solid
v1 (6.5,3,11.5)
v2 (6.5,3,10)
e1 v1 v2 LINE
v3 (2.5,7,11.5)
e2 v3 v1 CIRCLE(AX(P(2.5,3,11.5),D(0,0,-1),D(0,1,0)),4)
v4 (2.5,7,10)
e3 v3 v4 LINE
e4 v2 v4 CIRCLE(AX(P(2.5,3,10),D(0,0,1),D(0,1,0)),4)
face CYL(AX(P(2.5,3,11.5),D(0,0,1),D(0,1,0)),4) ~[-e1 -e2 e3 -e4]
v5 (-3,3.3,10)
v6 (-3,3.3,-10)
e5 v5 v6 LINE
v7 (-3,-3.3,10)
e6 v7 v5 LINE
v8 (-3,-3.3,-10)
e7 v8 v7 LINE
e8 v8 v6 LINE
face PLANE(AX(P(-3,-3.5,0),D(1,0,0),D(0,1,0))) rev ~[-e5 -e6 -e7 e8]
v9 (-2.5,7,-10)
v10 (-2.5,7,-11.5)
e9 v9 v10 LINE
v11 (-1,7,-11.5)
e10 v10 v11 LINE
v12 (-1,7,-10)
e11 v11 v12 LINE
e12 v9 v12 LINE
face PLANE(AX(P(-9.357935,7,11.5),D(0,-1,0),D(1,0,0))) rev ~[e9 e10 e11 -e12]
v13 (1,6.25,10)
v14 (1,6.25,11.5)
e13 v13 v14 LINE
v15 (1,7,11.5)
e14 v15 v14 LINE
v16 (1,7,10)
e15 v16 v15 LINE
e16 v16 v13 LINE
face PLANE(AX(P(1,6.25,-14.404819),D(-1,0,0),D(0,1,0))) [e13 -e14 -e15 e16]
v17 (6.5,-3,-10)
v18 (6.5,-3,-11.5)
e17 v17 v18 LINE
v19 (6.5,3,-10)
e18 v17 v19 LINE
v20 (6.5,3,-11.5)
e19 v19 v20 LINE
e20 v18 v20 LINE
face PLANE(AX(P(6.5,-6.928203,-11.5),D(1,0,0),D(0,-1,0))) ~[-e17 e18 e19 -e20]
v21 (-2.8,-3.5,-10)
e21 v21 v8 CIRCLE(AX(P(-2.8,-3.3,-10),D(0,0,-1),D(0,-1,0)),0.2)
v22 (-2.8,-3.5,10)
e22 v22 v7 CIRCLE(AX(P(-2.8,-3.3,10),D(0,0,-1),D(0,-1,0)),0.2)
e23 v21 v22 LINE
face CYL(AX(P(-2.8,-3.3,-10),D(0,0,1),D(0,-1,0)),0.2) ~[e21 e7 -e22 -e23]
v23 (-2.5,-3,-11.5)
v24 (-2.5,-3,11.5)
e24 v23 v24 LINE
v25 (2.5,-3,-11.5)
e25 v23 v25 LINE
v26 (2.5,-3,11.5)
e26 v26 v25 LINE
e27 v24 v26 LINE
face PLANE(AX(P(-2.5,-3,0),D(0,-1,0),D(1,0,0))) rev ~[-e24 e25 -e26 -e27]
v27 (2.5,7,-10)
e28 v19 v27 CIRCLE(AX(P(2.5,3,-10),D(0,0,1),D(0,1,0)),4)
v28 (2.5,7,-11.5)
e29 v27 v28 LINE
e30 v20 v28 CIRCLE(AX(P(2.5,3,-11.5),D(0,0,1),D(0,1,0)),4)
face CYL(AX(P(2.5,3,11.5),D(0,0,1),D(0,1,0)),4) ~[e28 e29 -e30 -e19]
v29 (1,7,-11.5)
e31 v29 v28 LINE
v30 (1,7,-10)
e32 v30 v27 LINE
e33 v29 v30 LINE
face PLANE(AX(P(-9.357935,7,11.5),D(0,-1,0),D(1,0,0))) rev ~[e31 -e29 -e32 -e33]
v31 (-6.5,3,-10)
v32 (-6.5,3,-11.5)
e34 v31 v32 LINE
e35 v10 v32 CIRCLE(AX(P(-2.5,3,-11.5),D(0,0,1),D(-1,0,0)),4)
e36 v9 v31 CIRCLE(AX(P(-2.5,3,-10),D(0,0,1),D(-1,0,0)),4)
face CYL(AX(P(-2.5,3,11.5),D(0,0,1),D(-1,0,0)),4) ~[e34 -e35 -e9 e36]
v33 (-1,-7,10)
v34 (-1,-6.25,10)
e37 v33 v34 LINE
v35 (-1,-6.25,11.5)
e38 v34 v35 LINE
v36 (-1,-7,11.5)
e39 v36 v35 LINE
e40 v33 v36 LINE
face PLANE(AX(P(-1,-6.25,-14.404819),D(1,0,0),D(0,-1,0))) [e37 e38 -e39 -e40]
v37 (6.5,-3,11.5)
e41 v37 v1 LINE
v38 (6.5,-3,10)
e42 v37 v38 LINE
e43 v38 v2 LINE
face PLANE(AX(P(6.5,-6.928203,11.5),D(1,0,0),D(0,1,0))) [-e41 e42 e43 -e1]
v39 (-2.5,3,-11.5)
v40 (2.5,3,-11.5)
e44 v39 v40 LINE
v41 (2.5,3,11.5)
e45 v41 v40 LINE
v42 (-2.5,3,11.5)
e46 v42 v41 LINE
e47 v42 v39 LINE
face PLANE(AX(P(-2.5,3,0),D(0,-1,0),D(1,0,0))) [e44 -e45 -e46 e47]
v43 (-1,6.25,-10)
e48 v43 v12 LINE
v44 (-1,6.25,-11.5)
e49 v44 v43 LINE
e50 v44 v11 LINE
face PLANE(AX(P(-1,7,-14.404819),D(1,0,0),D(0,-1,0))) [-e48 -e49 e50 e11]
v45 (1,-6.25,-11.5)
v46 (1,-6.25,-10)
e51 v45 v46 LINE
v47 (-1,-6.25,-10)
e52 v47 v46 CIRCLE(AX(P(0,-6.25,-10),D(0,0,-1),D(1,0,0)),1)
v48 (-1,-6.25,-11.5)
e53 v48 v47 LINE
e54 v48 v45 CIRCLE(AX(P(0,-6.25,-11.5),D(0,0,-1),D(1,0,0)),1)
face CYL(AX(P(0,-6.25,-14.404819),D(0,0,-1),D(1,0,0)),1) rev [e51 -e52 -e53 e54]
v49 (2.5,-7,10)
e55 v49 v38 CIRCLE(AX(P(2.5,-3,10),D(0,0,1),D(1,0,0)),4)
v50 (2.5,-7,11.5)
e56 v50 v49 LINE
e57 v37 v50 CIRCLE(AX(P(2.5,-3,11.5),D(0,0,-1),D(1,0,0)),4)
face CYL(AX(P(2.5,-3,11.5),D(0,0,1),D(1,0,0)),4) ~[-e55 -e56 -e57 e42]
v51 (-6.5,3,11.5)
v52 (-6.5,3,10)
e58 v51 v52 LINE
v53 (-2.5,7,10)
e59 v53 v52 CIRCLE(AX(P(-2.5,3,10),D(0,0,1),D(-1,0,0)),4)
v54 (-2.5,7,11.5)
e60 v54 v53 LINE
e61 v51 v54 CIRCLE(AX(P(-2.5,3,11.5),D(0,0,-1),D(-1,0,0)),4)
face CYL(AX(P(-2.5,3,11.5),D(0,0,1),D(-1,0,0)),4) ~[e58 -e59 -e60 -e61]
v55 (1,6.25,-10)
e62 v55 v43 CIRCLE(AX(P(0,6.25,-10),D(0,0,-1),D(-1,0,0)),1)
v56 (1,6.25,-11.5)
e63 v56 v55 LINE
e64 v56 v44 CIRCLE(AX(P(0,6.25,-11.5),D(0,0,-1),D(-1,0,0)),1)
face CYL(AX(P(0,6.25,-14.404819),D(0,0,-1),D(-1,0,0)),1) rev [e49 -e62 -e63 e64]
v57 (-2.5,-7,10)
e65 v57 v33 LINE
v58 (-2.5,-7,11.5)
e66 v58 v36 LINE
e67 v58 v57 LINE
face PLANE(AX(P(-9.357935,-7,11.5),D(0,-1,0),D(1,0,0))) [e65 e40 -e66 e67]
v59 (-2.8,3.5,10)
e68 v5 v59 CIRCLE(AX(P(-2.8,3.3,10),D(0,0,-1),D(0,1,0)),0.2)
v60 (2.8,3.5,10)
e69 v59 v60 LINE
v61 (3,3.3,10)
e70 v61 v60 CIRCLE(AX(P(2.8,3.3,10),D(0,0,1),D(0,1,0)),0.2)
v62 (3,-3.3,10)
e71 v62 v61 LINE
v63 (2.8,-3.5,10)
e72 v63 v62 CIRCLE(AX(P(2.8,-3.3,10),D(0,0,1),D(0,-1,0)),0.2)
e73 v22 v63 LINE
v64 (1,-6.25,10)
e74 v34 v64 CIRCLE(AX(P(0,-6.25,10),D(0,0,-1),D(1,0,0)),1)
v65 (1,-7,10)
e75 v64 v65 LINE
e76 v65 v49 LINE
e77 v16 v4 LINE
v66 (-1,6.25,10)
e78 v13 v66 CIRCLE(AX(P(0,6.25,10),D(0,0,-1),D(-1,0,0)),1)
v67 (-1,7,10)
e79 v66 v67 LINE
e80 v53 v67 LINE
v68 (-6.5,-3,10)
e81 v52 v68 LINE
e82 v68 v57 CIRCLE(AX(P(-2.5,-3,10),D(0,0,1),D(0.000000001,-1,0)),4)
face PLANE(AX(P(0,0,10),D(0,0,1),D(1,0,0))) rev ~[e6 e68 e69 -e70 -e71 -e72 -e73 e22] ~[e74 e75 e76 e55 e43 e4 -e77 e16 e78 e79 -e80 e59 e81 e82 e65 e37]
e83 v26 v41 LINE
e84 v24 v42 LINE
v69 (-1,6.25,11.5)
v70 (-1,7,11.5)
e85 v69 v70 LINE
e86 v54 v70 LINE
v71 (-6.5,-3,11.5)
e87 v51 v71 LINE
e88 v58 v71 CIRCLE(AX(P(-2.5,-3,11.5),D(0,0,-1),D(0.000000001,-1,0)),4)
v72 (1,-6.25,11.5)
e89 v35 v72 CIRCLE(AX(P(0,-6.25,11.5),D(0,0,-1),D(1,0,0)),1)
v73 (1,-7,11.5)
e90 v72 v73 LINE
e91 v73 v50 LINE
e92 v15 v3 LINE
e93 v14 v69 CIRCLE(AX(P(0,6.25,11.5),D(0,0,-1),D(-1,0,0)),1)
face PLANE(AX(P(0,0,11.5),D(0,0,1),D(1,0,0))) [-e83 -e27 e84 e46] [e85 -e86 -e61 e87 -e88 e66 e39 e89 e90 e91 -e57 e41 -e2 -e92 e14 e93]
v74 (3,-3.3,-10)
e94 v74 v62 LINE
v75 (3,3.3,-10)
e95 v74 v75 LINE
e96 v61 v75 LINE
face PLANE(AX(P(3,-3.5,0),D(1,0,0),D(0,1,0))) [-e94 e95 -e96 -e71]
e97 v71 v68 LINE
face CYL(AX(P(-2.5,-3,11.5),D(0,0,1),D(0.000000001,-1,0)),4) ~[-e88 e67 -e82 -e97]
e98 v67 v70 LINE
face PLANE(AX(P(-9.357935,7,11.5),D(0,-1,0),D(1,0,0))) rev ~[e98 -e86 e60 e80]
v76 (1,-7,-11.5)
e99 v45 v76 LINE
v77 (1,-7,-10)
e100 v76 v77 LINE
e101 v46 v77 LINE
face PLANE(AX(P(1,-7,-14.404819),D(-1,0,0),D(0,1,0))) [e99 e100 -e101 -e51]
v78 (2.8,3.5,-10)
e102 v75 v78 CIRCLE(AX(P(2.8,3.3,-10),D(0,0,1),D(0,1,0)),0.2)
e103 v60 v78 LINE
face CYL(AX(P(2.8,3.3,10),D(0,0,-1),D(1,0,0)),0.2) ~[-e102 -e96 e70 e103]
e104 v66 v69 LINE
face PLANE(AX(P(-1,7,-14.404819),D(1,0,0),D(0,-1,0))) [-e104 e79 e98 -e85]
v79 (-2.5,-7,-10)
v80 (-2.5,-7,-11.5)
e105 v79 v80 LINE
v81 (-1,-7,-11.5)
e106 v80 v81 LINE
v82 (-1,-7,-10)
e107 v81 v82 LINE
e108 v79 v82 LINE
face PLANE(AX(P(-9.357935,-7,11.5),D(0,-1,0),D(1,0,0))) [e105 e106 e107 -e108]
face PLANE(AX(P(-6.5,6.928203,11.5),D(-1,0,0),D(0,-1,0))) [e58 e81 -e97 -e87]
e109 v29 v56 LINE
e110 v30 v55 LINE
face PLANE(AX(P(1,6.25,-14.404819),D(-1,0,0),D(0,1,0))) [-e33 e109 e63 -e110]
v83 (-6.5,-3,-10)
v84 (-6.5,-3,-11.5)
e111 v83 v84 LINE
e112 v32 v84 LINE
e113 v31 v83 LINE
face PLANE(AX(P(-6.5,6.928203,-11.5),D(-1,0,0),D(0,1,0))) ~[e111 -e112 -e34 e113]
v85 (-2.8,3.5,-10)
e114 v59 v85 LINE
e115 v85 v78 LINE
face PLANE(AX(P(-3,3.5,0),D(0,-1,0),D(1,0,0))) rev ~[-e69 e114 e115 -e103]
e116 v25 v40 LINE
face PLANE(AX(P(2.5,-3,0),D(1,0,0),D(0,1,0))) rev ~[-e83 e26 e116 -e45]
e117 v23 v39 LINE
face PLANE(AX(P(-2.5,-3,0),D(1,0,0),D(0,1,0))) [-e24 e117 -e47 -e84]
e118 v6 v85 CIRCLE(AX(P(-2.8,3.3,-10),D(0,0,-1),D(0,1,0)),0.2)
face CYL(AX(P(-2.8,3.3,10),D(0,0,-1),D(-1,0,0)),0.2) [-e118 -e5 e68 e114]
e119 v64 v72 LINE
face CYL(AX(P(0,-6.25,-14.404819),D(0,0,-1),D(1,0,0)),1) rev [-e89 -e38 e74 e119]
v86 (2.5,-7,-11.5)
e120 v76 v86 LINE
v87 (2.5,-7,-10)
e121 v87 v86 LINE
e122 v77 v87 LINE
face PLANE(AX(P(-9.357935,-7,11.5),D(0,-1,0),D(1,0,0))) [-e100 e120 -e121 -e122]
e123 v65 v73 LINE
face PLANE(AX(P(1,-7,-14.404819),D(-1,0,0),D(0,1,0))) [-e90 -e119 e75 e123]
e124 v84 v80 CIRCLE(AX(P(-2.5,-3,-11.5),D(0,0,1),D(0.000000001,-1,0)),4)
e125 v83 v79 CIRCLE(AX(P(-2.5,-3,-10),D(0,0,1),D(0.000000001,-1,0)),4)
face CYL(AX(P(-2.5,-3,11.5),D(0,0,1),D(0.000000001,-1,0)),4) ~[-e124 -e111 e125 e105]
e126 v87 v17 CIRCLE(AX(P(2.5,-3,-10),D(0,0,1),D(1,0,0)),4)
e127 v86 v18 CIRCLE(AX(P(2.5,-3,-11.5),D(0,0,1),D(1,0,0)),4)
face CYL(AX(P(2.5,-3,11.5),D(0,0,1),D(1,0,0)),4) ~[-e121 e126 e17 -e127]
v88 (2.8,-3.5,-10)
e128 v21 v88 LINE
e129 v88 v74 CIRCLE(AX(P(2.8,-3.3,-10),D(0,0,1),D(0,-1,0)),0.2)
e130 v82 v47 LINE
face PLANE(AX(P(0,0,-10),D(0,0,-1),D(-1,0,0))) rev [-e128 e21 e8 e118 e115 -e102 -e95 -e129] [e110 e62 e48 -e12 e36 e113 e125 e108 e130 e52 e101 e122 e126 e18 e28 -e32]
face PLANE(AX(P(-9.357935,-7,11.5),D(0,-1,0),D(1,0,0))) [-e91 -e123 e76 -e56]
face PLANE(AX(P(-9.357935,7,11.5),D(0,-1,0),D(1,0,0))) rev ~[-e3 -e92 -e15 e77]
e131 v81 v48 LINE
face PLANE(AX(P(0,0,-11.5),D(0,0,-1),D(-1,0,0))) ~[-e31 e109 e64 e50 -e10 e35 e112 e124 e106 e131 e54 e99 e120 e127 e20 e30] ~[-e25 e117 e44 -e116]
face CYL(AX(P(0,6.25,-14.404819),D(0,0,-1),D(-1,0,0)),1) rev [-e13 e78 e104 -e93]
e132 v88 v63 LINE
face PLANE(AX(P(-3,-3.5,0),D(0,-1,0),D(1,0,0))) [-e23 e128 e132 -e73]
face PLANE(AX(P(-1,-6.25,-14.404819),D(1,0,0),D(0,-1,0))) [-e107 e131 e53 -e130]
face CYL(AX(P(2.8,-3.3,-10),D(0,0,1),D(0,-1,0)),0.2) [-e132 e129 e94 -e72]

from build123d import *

# Parameters (mm, degrees)
SKETCH_1_W               = 6
SKETCH_1_H               = 7
SKETCH_1_W_2             = 5
SKETCH_1_H_2             = 6
EXTRUDE_1_DEPTH          = 11.5
SKETCH_2_W               = 6
SKETCH_2_H               = 7
EXTRUDE_2_DEPTH          = 1.5
SKETCH_3_R               = 19.100398606
SKETCH_3_W               = 18.715870292
SKETCH_3_H               = 14
CUT_EXTRUDE_1_DEPTH      = 26.719642299
CUT_EXTRUDE_2_DEPTH      = 25.904818811
CUT_EXTRUDE_3_DEPTH      = 25.904818811
CUT_EXTRUDE_3_DEPTH_BACK = 25.904818811
FILLET_1_R               = 0.2


with BuildPart() as part:
    # 草图1 → 凸台-拉伸1 (new, symmetric)
    with BuildSketch(Plane.XY):
        Rectangle(SKETCH_1_W, SKETCH_1_H)
        Rectangle(SKETCH_1_W_2, SKETCH_1_H_2, mode=Mode.SUBTRACT)
    extrude(amount=EXTRUDE_1_DEPTH, both=True)

    # 草图2 → 凸台-拉伸2 (add)
    with BuildSketch(Plane.XY.offset(11.5)):
        with BuildLine():
            Line((-6.5, 6.92820323), (-6.5, -6.92820323))
            ThreePointArc((-6.5, -6.92820323), (0, -9.5), (6.5, -6.92820323))
            Line((6.5, -6.92820323), (6.5, 6.92820323))
            ThreePointArc((6.5, 6.92820323), (0, 9.5), (-6.5, 6.92820323))
        make_face()
        Rectangle(SKETCH_2_W, SKETCH_2_H, mode=Mode.SUBTRACT)
    extrude_2 = extrude(amount=-EXTRUDE_2_DEPTH)

    # 镜向1: 凸台-拉伸2 across plane
    add(extrude_2.mirror(Plane.XY))

    # 草图3 → 切除-拉伸1 (cut, through all)
    with BuildSketch(Plane.XY.offset(11.5)):
        Circle(SKETCH_3_R)
        Rectangle(SKETCH_3_W, SKETCH_3_H, mode=Mode.SUBTRACT)
    extrude(amount=-CUT_EXTRUDE_1_DEPTH, mode=Mode.SUBTRACT)

    # 草图4 → 切除-拉伸2 (cut, through all)
    with BuildSketch(Plane.XY.offset(11.5)):
        with BuildLine():
            Line((-6.5, 6.92820323), (-6.5, 3))
            ThreePointArc((-6.5, 3), (-5.328427125, 5.828427125), (-2.5, 7))
            Line((-2.5, 7), (-6.422616289, 7))
            ThreePointArc((-6.422616289, 7), (-6.461407868, 6.964209098), (-6.5, 6.92820323))
        make_face()
        with BuildLine():
            ThreePointArc((2.5, 7), (5.328427125, 5.828427125), (6.5, 3))
            Line((6.5, 3), (6.5, 6.92820323))
            ThreePointArc((6.5, 6.92820323), (6.461407868, 6.964209098), (6.422616289, 7))
            Line((6.422616289, 7), (2.5, 7))
        make_face()
        with BuildLine():
            ThreePointArc((6.5, -3), (5.328427127, -5.828427123), (2.500000005, -7))
            Line((2.500000005, -7), (6.422616289, -7))
            ThreePointArc((6.422616289, -7), (6.461407868, -6.964209098), (6.5, -6.92820323))
            Line((6.5, -6.92820323), (6.5, -3))
        make_face()
        with BuildLine():
            ThreePointArc((-6.5, -6.92820323), (-6.461407868, -6.964209098), (-6.422616289, -7))
            Line((-6.422616289, -7), (-2.499999995, -7))
            ThreePointArc((-2.499999995, -7), (-5.328427123, -5.828427127), (-6.5, -3))
            Line((-6.5, -3), (-6.5, -6.92820323))
        make_face()
    extrude(amount=-CUT_EXTRUDE_2_DEPTH, mode=Mode.SUBTRACT)

    # 草图5 → 切除-拉伸3 (cut, two sides: drawn at the far end of the back side and taken through both)
    with BuildSketch(Plane.XY.offset(11.5).offset(-CUT_EXTRUDE_3_DEPTH_BACK)):
        with BuildLine():
            Line((1, 6.25), (1, 7))
            Line((1, 7), (-1, 7))
            Line((-1, 7), (-1, 6.25))
            ThreePointArc((-1, 6.25), (0, 5.25), (1, 6.25))
        make_face()
        with BuildLine():
            Line((1, -7), (1, -6.25))
            ThreePointArc((1, -6.25), (0, -5.25), (-1, -6.25))
            Line((-1, -6.25), (-1, -7))
            Line((-1, -7), (1, -7))
        make_face()
    extrude(amount=CUT_EXTRUDE_3_DEPTH + CUT_EXTRUDE_3_DEPTH_BACK, mode=Mode.SUBTRACT)

    # 圆角1
    fillet_1_edges = [part.edges().sort_by_distance(p)[0] for p in [
        (-3, 3.5, 0),
        (3, 3.5, 0),
        (3, -3.5, 0),
        (-3, -3.5, 0),
    ]]
    fillet(fillet_1_edges, radius=FILLET_1_R)


solid = part.part
